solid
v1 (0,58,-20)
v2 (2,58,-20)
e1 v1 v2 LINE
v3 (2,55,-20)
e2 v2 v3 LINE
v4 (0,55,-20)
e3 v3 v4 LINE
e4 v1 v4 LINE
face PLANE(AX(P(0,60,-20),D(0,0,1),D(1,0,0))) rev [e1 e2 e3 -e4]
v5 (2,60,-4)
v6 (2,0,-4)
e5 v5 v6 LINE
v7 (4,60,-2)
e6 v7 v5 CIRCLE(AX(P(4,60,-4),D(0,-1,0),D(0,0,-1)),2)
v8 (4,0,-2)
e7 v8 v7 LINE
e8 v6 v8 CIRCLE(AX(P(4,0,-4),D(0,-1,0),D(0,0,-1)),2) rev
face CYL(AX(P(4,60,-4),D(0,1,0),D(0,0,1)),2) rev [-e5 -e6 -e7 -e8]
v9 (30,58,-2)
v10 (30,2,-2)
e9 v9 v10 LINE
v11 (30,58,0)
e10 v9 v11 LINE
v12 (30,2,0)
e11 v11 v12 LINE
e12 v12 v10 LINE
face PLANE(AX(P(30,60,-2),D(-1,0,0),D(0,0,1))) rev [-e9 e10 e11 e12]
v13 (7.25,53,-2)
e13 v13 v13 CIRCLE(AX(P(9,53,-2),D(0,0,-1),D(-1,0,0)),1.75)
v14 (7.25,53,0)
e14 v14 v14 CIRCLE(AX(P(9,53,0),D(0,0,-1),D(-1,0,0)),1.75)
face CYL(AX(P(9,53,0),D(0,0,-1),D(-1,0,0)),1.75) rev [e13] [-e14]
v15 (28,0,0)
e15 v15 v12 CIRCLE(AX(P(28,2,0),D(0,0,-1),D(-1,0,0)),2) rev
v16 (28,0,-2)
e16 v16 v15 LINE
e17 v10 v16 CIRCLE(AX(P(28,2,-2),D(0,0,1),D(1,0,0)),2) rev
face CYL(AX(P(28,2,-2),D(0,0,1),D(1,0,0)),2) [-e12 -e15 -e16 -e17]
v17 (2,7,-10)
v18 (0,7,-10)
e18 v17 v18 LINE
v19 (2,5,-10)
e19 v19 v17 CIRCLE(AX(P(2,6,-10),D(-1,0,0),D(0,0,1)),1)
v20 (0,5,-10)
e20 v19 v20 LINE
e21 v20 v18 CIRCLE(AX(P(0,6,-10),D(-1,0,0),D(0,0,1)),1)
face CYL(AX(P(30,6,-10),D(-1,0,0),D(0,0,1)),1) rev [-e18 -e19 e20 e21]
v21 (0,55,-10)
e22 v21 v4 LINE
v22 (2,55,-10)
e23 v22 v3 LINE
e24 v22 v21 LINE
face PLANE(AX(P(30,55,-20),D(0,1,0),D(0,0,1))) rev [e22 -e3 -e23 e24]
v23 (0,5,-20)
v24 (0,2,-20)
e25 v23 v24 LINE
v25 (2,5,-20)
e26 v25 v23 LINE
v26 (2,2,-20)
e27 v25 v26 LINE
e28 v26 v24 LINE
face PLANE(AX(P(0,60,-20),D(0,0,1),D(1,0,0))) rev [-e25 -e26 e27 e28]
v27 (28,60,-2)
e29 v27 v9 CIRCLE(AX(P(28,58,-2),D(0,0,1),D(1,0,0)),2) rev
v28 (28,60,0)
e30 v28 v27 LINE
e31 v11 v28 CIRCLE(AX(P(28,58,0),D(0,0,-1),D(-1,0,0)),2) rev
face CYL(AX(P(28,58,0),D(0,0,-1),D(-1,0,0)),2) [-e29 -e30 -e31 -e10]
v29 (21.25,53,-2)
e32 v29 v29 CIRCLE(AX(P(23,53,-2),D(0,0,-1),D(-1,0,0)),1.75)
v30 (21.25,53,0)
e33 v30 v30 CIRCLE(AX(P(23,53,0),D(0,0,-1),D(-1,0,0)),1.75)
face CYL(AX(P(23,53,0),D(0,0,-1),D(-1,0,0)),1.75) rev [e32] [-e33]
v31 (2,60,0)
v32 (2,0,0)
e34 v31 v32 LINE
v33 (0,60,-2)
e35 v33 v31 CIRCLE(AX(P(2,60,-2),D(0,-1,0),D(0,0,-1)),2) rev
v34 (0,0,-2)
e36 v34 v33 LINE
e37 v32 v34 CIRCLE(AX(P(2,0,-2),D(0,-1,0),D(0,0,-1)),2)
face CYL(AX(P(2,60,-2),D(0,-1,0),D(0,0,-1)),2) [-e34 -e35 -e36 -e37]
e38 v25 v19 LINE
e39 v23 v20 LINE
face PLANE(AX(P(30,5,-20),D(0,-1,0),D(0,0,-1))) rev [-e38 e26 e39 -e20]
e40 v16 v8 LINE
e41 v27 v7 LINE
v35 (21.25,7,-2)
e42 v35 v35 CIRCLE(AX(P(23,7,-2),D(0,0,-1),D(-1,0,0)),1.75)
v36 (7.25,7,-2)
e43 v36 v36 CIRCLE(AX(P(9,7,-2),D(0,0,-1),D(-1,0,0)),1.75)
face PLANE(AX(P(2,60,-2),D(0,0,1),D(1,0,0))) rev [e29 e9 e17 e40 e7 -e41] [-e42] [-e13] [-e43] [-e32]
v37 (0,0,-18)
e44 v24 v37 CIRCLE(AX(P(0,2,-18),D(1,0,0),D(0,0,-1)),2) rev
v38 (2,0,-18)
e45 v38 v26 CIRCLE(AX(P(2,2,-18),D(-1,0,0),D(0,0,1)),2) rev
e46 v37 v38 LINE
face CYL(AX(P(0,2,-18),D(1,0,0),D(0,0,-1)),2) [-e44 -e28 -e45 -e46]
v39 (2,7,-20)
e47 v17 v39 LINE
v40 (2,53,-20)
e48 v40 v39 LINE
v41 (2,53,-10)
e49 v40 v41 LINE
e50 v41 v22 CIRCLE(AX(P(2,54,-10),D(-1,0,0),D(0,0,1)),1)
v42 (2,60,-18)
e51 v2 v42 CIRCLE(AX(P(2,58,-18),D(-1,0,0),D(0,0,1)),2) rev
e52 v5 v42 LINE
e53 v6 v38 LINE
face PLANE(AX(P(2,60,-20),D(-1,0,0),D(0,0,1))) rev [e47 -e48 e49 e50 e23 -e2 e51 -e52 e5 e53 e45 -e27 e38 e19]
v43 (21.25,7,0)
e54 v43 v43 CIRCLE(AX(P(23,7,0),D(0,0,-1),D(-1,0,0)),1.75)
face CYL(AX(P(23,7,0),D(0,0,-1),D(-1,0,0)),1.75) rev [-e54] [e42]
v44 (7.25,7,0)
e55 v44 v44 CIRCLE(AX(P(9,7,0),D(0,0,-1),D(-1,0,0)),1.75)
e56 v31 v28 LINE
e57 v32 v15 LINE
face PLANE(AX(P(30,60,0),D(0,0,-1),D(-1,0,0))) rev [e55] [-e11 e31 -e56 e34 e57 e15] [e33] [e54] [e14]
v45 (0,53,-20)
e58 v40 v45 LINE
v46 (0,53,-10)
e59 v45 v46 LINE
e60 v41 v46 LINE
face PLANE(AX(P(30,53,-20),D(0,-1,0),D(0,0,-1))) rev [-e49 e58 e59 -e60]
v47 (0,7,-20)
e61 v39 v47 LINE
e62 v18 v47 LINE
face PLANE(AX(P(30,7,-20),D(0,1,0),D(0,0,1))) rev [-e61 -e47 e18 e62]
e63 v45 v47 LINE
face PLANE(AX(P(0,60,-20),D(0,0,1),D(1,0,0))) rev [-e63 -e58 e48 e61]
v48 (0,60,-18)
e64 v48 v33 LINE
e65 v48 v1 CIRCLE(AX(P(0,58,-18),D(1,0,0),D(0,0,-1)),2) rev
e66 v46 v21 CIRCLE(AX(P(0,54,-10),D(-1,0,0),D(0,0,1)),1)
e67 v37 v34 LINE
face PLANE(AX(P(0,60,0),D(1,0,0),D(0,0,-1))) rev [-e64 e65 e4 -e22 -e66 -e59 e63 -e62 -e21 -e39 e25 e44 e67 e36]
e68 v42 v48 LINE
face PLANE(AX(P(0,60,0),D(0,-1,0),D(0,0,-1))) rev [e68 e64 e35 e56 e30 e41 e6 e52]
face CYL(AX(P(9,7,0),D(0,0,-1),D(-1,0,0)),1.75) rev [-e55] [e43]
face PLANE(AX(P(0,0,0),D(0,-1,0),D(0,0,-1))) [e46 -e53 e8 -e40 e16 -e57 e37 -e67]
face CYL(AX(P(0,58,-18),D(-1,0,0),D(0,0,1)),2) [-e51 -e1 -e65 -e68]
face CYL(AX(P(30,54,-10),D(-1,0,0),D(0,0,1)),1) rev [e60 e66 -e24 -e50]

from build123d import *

# Parameters (mm, degrees)
BOSS_EXTRU_1_DEPTH      = 60
ENL_V_MAT_EXTRU_1_DEPTH = 71
ESQUISSE3_R             = 1.75
ENL_V_MAT_EXTRU_2_DEPTH = 70.455021417
CONG_1_R                = 2


with BuildPart() as part:
    # Esquisse1 → Boss.-Extru.1 (new body)
    with BuildSketch(Plane(origin=(0, 0, 0), x_dir=(1, 0, 0), z_dir=(0, 1, 0))):
        Polygon((30, 0), (0, 0), (0, 20), (2, 20), (2, 2), (30, 2), align=None)
    extrude(amount=BOSS_EXTRU_1_DEPTH)

    # Esquisse2 → Enlèv. mat.-Extru.1 (cut, through all)
    with BuildSketch(Plane.ZY):
        with BuildLine():
            Line((-20, 55), (-10, 55))
            ThreePointArc((-10, 55), (-9, 54), (-10, 53))
            Line((-10, 53), (-20, 53))
            Line((-20, 53), (-20, 55))
        make_face()
        with BuildLine():
            Line((-20, 5), (-10, 5))
            ThreePointArc((-10, 5), (-9, 6), (-10, 7))
            Line((-10, 7), (-20, 7))
            Line((-20, 7), (-20, 5))
        make_face()
    extrude(amount=-ENL_V_MAT_EXTRU_1_DEPTH, mode=Mode.SUBTRACT)

    # Esquisse3 → Enlèv. mat.-Extru.2 (cut, through all)
    with BuildSketch(Plane(origin=(0, 0, -2), x_dir=(-1, 0, 0), z_dir=(0, 0, -1))):
        with Locations((-23, 53)):
            Circle(ESQUISSE3_R)
        with Locations((-9, 53)):
            Circle(ESQUISSE3_R)
        with Locations((-9, 7)):
            Circle(ESQUISSE3_R)
        with Locations((-23, 7)):
            Circle(ESQUISSE3_R)
    extrude(amount=-ENL_V_MAT_EXTRU_2_DEPTH, mode=Mode.SUBTRACT)

    # Congé1
    cong_1_edges = [part.edges().sort_by_distance(p)[0] for p in [
        (0, 30, 0),
        (2, 30, -2),
        (1, 60, -20),
        (30, 60, -1),
        (1, 0, -20),
        (30, 0, -1),
    ]]
    fillet(cong_1_edges, radius=CONG_1_R)


solid = part.part
